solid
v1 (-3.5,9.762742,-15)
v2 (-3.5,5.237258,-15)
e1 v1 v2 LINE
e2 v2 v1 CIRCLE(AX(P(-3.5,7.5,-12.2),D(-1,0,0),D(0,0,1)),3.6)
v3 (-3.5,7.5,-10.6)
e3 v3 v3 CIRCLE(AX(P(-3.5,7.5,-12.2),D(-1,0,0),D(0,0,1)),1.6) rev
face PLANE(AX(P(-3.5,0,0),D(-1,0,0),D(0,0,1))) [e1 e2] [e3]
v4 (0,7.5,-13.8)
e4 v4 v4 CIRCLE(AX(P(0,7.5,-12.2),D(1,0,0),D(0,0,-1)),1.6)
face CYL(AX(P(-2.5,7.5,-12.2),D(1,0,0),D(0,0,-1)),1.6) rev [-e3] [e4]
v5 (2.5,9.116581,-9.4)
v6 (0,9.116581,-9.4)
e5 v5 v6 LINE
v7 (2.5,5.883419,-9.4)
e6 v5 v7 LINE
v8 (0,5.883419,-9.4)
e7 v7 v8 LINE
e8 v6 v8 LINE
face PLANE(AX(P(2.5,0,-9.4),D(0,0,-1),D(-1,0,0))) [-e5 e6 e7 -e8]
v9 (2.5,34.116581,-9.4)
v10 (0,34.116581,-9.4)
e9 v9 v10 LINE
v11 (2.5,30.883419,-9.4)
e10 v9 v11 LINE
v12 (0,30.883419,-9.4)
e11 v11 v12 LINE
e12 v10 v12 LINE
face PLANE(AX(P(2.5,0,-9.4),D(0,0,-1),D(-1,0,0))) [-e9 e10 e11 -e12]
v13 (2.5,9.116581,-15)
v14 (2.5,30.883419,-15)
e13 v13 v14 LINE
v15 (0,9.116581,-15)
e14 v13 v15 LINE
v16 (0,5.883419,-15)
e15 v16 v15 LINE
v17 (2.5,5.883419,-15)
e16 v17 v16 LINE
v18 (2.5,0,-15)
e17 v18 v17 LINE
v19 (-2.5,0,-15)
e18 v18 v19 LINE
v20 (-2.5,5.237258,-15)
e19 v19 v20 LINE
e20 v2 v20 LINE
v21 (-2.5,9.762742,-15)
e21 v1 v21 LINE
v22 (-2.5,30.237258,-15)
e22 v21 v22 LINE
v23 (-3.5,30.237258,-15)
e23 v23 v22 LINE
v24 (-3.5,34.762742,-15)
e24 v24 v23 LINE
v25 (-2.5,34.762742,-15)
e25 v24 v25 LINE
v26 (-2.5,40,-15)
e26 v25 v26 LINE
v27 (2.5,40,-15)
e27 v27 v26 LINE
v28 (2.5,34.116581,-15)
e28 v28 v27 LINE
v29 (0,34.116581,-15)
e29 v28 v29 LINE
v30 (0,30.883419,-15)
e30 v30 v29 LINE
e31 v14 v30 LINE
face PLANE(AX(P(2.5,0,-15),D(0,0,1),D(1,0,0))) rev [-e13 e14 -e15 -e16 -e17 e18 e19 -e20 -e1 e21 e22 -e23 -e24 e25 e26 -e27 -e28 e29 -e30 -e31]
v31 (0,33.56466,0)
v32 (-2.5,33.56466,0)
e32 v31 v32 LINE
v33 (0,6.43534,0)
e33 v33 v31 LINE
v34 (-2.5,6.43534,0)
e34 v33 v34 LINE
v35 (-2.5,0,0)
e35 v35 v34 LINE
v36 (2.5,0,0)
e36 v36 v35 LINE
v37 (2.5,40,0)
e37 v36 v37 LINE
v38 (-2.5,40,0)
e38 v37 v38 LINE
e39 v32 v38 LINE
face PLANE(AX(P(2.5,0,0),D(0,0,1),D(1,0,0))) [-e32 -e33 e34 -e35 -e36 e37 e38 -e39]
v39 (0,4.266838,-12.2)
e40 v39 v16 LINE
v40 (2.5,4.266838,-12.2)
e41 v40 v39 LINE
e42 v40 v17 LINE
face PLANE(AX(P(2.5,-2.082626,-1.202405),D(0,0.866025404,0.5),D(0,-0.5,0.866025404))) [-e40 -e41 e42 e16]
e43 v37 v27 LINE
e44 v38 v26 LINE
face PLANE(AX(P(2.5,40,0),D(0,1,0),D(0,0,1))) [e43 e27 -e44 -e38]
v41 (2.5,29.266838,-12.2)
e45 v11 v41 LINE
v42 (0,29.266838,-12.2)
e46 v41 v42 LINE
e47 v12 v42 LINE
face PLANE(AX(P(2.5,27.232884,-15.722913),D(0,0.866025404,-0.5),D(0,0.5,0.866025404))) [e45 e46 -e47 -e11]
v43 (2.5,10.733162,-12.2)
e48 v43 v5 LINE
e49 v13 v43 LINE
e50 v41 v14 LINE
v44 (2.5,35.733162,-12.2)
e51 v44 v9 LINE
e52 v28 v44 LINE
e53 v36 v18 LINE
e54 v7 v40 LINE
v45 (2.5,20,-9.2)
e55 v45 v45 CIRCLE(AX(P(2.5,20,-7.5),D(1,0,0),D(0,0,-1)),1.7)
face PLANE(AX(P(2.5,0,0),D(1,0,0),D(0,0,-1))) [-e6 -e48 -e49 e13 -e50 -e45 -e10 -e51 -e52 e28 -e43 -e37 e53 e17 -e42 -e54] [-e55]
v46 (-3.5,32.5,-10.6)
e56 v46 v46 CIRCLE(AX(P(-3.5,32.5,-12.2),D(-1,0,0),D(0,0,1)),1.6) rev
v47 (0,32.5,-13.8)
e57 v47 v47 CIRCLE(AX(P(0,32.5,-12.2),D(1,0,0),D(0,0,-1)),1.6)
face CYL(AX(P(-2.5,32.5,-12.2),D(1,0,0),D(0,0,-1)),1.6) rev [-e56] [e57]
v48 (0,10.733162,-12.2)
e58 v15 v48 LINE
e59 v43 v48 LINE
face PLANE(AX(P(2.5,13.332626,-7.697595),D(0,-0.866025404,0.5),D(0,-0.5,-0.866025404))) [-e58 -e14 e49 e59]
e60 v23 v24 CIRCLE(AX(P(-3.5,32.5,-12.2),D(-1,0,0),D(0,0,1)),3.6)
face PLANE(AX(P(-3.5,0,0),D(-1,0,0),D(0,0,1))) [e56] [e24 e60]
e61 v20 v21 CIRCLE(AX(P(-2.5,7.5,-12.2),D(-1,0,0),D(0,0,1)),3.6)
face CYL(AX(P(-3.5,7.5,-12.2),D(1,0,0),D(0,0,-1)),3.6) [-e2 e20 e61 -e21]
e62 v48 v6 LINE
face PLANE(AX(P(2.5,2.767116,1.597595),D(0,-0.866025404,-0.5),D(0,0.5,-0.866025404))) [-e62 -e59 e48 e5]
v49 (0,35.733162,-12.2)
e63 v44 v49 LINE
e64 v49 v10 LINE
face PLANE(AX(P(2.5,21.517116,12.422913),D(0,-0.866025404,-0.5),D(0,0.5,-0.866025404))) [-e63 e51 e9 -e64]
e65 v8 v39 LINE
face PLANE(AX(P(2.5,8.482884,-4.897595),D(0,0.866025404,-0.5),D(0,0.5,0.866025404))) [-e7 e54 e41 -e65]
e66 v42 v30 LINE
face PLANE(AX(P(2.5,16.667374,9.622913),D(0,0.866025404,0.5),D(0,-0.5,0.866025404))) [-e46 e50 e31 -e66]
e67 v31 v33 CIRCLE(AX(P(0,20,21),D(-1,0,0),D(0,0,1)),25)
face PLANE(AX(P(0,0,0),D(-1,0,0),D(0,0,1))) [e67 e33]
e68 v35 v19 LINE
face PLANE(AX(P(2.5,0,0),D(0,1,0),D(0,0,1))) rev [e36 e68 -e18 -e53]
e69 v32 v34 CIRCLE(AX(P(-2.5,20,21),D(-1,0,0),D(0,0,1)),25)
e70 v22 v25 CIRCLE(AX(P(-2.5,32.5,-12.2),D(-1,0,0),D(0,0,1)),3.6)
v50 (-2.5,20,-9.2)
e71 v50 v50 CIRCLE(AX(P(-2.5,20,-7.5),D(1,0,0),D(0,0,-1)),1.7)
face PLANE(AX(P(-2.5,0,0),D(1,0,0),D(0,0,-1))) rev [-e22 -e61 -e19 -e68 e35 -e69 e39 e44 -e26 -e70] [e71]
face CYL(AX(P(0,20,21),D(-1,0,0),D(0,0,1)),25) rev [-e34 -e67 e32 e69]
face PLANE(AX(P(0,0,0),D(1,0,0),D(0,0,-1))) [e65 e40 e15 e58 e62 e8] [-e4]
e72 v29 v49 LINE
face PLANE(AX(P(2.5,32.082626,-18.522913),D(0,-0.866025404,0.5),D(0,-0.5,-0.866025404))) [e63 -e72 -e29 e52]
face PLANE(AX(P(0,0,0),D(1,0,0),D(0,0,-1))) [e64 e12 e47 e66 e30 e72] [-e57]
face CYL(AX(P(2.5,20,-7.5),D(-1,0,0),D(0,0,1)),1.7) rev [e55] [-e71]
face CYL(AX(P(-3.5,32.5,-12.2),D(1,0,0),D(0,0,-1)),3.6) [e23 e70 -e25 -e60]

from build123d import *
from build123d.topology import SkipClean

# Parameters (mm, degrees)
SKETCH1_R           = 1.7
BOSS_EXTRUDE1_DEPTH = 2.5
BOSS_EXTRUDE2_START = -2.5
SKETCH1_3_W         = 15
SKETCH1_3_H         = 40
SKETCH1_3_R         = 1.7
SKETCH1_3_R_2       = 1.6
BOSS_EXTRUDE2_DEPTH = 2.5
CUT_EXTRUDE1_DEPTH  = 2.5
BOSS_EXTRUDE3_START = 1
SKETCH2_R           = 1.6
BOSS_EXTRUDE3_DEPTH = 1


with BuildPart() as part:
    # Sketch1 → Boss-Extrude1 (new body)
    with BuildSketch(Plane(origin=(0, 0, 0), x_dir=(0, 0, -1), z_dir=(1, 0, 0))):
        Polygon((15, 40), (0, 40), (0, 0), (15, 0), (15, 5.883419246), (12.2, 4.266838493), (9.4, 5.883419246), (9.4, 9.116580754), (12.2, 10.733161507), (15, 9.116580754), (15, 30.883419246), (12.2, 29.266838493), (9.4, 30.883419246), (9.4, 34.116580754), (12.2, 35.733161507), (15, 34.116580754), align=None)
        with Locations((7.5, 20)):
            Circle(SKETCH1_R, mode=Mode.SUBTRACT)
    extrude(amount=BOSS_EXTRUDE1_DEPTH)

    # Sketch1<3> → Boss-Extrude2 (add)
    with BuildSketch(Plane(origin=(0, 0, 0), x_dir=(0, 0, -1), z_dir=(1, 0, 0)).offset(BOSS_EXTRUDE2_START)):
        with Locations((7.5, 20)):
            Rectangle(SKETCH1_3_W, SKETCH1_3_H)
        with Locations((7.5, 20)):
            Circle(SKETCH1_3_R, mode=Mode.SUBTRACT)
        with Locations((12.2, 32.5)):
            Circle(SKETCH1_3_R_2, mode=Mode.SUBTRACT)
        with Locations((12.2, 7.5)):
            Circle(SKETCH1_3_R_2, mode=Mode.SUBTRACT)
    extrude(amount=BOSS_EXTRUDE2_DEPTH)

    # Sketch3 → Cut-Extrude1 (cut)
    with BuildSketch(Plane.ZY.offset(2.5)):
        with BuildLine():
            ThreePointArc((0, 33.564659966), (-4, 20), (0, 6.435340034))
            Line((0, 6.435340034), (0, 33.564659966))
        make_face()
    extrude(amount=-CUT_EXTRUDE1_DEPTH, mode=Mode.SUBTRACT)

    # Sketch2 → Boss-Extrude3 (add)
    # profile 1 of 2: a face of its own
    with SkipClean():  # the faces are left unmerged after this step: merging them gives an invalid solid
        with BuildSketch(Plane.ZY.offset(2.5).offset(BOSS_EXTRUDE3_START)):
            with BuildLine():
                ThreePointArc((-15, 30.2372583), (-8.6, 32.5), (-15, 34.7627417))
                Line((-15, 34.7627417), (-15, 30.2372583))
            make_face()
            with Locations((-12.2, 32.5)):
                Circle(SKETCH2_R, mode=Mode.SUBTRACT)
        # profile 2 of 2: a face of its own
        with BuildSketch(Plane.ZY.offset(2.5).offset(BOSS_EXTRUDE3_START)):
            with BuildLine():
                ThreePointArc((-15, 5.2372583), (-8.6, 7.5), (-15, 9.7627417))
                Line((-15, 9.7627417), (-15, 5.2372583))
            make_face()
            with Locations((-12.2, 7.5)):
                Circle(SKETCH2_R, mode=Mode.SUBTRACT)
        extrude(amount=-BOSS_EXTRUDE3_DEPTH)


solid = part.part
